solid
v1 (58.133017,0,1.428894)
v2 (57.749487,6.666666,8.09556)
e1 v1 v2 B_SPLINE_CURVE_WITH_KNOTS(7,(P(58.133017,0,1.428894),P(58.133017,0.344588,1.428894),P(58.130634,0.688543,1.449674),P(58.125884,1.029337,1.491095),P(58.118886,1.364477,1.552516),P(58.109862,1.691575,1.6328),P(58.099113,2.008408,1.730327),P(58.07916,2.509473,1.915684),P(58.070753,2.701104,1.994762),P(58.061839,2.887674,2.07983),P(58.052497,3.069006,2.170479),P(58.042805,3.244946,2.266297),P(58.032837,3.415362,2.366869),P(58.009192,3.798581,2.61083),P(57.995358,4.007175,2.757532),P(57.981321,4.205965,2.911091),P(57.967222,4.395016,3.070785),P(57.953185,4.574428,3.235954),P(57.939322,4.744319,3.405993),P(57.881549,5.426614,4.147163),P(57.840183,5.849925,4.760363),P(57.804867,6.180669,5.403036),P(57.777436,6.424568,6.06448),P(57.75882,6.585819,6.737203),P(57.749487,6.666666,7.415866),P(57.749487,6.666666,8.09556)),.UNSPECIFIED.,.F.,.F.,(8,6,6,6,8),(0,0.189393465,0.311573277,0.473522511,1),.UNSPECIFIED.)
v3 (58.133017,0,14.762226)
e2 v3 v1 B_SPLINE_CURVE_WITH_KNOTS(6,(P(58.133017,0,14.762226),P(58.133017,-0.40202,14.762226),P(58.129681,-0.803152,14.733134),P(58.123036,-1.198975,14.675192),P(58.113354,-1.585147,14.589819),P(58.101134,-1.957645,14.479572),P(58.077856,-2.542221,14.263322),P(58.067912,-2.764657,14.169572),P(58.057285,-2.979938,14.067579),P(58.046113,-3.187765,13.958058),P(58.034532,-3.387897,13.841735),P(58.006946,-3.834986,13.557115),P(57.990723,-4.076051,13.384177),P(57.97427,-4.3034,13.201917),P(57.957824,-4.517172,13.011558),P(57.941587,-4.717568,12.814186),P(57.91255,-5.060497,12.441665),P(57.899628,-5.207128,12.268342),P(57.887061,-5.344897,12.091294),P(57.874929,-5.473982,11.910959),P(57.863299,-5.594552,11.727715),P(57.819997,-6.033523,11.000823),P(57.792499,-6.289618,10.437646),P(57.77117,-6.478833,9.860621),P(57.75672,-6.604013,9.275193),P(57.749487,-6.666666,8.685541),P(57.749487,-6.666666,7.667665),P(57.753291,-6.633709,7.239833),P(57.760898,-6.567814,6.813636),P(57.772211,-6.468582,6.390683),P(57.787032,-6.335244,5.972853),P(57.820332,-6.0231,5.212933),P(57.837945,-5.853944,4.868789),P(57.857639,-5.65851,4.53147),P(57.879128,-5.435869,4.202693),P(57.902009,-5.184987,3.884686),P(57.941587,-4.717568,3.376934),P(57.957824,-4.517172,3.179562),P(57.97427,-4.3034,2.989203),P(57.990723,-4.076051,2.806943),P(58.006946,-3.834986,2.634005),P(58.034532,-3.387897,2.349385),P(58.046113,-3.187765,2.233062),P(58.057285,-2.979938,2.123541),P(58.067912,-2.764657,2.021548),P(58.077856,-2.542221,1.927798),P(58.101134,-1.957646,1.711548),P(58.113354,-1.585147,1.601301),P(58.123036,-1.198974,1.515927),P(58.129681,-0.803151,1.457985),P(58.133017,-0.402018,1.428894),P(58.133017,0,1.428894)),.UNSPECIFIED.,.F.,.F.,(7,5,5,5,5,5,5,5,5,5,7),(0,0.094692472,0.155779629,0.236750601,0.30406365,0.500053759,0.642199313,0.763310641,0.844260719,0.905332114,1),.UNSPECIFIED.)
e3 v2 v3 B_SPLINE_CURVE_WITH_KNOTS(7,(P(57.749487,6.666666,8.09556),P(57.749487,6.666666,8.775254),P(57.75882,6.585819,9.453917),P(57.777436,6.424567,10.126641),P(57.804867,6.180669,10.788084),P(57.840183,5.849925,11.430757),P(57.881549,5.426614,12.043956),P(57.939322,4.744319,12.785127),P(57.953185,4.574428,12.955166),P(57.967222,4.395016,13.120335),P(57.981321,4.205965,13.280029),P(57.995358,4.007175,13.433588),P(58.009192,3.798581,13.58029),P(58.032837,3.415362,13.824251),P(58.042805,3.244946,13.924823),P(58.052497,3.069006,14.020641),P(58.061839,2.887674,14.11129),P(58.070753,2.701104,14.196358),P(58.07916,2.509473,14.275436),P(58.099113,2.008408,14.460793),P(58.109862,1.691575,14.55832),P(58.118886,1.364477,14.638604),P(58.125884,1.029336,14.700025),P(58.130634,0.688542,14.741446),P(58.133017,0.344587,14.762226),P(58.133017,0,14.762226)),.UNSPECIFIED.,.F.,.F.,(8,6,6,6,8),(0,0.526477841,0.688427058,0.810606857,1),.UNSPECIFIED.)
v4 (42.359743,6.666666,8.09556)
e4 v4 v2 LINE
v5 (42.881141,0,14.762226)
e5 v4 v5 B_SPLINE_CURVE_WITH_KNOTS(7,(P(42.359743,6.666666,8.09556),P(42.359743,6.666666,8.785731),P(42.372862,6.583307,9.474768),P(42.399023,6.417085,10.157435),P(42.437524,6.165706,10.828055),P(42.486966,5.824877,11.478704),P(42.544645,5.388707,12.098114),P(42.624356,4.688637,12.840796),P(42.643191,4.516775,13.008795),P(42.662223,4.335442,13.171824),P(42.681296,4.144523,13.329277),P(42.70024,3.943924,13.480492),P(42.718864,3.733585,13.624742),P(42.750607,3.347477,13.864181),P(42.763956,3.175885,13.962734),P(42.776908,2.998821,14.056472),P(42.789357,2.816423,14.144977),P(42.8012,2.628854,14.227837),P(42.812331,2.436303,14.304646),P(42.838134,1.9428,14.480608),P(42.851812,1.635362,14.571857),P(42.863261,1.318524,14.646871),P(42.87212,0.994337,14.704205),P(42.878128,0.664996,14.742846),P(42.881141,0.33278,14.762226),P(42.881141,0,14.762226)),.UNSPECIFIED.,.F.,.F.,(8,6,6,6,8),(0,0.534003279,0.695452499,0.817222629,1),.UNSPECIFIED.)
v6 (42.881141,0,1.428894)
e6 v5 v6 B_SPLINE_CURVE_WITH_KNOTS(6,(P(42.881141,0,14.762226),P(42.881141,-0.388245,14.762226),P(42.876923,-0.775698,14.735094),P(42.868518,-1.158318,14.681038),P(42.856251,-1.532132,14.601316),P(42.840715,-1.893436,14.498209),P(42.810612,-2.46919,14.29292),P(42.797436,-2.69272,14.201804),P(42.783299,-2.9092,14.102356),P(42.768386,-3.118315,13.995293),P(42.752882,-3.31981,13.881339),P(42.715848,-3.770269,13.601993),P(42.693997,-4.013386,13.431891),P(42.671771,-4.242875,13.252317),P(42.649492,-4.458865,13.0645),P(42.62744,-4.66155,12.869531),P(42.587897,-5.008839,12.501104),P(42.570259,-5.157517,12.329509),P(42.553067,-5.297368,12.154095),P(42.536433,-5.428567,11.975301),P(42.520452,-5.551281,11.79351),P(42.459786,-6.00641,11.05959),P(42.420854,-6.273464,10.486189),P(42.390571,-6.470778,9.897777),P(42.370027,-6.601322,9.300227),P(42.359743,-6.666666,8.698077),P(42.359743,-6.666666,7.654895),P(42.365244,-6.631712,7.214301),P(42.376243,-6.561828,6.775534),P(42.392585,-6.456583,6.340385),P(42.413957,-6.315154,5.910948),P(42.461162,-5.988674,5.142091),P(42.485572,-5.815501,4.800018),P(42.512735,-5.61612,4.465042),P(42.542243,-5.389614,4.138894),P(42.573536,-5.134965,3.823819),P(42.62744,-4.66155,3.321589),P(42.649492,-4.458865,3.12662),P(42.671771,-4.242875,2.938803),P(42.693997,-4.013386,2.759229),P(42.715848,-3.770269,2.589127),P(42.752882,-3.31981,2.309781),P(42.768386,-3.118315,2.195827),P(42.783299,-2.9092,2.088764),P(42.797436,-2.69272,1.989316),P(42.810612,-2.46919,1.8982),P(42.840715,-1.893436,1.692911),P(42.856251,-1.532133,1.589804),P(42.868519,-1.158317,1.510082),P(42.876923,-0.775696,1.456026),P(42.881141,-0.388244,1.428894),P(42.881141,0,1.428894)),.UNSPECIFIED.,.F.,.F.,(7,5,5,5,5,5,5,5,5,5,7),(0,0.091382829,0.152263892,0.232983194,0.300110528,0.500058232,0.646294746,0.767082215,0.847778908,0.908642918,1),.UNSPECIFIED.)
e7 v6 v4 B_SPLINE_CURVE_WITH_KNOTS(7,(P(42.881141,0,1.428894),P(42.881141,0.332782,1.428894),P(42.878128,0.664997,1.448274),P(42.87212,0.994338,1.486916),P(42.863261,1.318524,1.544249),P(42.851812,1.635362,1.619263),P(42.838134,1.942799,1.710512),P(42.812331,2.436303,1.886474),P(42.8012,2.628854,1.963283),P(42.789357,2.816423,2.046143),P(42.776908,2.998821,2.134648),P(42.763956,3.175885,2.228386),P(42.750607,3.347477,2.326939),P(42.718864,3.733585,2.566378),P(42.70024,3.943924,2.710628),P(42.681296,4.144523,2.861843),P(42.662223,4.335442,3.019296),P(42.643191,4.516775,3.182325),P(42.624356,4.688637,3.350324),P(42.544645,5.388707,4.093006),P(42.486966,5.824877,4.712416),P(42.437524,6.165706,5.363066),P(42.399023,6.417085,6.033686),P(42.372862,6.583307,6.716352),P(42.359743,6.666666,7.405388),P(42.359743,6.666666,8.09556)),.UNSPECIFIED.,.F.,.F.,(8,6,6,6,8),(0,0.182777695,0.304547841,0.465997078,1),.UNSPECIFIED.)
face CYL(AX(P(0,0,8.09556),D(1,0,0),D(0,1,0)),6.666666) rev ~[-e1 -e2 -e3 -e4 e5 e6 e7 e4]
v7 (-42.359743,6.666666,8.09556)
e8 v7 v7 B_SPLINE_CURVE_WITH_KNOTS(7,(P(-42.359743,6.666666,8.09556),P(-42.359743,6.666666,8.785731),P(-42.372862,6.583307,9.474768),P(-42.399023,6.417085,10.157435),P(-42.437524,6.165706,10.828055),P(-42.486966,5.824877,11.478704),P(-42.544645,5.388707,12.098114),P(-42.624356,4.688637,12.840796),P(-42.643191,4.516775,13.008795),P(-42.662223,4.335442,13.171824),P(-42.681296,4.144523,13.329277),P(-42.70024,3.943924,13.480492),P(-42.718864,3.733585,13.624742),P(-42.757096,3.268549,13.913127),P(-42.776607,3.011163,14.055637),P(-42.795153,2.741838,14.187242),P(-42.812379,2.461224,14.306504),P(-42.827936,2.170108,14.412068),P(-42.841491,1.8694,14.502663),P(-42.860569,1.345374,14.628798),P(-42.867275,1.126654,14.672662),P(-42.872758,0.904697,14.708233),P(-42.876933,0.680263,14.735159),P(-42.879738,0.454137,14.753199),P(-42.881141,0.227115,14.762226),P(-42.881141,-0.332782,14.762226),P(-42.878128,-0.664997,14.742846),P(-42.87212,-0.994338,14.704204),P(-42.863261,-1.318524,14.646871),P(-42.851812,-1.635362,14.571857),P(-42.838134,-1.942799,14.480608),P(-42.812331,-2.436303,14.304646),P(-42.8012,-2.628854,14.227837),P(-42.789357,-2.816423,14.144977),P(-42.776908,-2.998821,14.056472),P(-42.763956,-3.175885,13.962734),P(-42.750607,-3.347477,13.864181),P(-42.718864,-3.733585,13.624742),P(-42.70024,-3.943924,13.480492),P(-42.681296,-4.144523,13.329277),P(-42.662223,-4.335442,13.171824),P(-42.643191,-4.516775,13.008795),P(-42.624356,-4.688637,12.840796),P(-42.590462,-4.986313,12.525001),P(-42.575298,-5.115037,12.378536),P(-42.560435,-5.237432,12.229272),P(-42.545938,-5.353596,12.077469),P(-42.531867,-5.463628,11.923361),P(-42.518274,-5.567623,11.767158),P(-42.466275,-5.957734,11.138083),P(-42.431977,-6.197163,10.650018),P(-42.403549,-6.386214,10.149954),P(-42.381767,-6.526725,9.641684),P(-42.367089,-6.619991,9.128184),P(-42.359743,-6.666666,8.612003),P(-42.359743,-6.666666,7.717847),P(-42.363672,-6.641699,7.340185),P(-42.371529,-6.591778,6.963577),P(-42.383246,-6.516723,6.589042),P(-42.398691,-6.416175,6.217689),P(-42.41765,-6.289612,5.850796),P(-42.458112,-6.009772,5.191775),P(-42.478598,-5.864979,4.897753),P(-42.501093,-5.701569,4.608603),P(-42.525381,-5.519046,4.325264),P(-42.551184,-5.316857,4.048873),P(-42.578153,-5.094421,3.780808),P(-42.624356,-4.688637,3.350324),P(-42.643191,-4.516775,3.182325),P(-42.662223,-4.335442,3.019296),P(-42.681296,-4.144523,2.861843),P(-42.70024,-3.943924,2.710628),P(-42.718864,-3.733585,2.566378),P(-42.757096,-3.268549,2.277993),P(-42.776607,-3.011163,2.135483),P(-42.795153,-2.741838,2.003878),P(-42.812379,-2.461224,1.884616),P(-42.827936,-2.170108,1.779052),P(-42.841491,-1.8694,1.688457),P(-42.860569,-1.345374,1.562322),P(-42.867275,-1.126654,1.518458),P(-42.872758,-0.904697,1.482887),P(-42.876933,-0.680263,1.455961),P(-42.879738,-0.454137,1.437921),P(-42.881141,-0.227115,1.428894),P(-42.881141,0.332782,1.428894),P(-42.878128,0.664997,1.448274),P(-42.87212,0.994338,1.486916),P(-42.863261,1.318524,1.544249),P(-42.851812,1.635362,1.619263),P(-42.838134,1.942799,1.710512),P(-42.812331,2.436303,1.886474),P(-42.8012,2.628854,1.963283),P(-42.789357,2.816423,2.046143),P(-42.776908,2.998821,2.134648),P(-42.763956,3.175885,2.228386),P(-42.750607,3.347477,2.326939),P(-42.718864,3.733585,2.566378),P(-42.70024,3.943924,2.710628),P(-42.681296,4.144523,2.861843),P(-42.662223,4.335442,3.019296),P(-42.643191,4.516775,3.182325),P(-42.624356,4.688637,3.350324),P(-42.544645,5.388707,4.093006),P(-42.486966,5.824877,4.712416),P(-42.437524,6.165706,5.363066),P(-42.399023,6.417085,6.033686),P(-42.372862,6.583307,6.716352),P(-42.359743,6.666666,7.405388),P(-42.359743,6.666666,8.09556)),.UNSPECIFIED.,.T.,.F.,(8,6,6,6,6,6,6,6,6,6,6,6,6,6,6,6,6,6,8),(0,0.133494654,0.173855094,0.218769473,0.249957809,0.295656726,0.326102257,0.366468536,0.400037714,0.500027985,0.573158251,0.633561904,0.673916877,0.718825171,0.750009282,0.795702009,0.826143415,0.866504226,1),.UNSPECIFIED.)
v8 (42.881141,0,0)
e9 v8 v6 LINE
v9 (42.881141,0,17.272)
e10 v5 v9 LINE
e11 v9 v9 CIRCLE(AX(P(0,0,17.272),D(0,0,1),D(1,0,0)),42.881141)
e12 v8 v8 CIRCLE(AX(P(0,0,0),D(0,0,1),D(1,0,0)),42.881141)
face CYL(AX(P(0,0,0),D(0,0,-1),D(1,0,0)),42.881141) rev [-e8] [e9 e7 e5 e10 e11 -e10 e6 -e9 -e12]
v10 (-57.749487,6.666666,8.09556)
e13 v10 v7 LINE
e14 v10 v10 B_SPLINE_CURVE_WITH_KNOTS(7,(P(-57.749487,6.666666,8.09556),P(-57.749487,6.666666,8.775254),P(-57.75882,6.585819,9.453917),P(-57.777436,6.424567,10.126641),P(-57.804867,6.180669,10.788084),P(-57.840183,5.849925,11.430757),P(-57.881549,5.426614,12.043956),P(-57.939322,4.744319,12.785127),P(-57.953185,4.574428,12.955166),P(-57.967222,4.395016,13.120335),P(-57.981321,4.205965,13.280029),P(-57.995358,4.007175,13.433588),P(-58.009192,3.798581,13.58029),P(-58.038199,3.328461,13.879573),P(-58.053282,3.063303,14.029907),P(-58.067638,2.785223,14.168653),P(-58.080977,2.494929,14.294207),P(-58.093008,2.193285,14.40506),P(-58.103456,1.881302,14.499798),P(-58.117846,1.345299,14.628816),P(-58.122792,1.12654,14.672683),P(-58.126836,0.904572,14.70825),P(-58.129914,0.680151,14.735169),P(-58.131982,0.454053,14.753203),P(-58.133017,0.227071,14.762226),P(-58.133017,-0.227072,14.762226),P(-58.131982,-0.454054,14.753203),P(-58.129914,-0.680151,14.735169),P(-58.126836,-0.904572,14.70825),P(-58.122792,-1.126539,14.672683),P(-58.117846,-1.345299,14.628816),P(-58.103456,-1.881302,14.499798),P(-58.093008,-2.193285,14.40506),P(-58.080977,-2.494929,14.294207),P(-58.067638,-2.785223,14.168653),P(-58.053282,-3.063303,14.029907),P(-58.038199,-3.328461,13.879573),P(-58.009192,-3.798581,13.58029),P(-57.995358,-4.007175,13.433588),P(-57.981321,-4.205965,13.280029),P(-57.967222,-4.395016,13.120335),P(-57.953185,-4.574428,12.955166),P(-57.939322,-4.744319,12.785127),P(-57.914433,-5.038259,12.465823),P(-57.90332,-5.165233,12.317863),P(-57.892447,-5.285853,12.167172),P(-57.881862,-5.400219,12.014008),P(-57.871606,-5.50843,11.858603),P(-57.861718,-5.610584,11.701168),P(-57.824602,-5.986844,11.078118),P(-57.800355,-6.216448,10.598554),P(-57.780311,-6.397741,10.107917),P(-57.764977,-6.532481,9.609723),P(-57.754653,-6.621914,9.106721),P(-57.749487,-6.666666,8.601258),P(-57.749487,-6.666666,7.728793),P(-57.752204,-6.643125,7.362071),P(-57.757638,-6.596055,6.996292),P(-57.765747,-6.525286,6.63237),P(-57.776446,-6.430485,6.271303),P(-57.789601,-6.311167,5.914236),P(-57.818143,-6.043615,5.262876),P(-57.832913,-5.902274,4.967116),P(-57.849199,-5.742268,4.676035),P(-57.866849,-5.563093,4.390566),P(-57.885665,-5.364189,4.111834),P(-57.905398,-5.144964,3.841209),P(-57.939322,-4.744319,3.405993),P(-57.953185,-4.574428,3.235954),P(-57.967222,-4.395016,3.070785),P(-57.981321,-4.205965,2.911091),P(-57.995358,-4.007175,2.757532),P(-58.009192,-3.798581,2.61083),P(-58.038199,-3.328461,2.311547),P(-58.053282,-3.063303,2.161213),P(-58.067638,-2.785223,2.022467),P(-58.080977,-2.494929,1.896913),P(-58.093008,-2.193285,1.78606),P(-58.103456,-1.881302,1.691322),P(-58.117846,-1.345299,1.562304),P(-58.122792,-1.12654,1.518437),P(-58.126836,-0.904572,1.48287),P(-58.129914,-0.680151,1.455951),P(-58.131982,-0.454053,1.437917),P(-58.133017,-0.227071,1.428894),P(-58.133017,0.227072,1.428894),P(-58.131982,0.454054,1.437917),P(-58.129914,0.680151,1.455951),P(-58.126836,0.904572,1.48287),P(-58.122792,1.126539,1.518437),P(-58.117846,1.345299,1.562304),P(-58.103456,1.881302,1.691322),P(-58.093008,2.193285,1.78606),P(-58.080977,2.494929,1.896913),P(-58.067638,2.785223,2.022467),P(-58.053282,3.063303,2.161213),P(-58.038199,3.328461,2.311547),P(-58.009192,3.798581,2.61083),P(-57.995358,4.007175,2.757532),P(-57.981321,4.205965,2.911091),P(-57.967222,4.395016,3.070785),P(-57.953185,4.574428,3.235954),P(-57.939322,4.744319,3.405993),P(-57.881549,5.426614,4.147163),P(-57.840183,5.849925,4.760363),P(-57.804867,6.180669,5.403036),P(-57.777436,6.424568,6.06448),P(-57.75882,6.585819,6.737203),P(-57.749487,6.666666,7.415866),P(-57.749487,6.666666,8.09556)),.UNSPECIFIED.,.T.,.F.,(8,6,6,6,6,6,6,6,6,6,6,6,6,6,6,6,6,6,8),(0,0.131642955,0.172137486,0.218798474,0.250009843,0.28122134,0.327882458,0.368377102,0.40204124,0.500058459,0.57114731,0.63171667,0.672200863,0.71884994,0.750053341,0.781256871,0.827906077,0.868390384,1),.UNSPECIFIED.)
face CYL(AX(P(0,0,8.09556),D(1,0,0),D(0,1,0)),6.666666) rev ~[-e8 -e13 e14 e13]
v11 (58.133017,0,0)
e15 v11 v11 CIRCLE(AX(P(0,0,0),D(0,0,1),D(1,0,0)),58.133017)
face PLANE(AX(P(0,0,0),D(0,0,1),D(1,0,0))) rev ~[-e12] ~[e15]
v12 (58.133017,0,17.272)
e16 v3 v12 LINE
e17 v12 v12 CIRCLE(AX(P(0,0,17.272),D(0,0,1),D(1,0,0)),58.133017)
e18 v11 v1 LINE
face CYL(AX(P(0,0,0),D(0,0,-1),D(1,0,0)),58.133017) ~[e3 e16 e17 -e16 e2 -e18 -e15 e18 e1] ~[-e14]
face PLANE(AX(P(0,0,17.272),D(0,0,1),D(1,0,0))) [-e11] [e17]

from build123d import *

# Parameters (mm, degrees)
F0_R     = 58.133017
F0_R_2   = 42.881141
F1_DEPTH = 17.272
F2_R     = 6.029186
F3_DEPTH = 121.92
F4_R     = 6.666666
F5_DEPTH = 81.788


with BuildPart() as f1:
    # F0 (on Top) → F1 (new body)
    with BuildSketch(Plane.XY):
        Circle(F0_R)
        Circle(F0_R_2, mode=Mode.SUBTRACT)
    extrude(amount=F1_DEPTH)

    # F2 (on Right) → F3 (cut)
    with BuildSketch(Plane.YZ):
        with Locations((0, 8.339126)):
            Circle(F2_R)
    extrude(amount=F3_DEPTH, mode=Mode.SUBTRACT)

    # F4 (on Right) → F5 (cut, symmetric)
    with BuildSketch(Plane.YZ):
        with Locations((0, 8.09556)):
            Circle(F4_R)
    extrude(amount=F5_DEPTH, both=True, mode=Mode.SUBTRACT)


solid = f1.part
